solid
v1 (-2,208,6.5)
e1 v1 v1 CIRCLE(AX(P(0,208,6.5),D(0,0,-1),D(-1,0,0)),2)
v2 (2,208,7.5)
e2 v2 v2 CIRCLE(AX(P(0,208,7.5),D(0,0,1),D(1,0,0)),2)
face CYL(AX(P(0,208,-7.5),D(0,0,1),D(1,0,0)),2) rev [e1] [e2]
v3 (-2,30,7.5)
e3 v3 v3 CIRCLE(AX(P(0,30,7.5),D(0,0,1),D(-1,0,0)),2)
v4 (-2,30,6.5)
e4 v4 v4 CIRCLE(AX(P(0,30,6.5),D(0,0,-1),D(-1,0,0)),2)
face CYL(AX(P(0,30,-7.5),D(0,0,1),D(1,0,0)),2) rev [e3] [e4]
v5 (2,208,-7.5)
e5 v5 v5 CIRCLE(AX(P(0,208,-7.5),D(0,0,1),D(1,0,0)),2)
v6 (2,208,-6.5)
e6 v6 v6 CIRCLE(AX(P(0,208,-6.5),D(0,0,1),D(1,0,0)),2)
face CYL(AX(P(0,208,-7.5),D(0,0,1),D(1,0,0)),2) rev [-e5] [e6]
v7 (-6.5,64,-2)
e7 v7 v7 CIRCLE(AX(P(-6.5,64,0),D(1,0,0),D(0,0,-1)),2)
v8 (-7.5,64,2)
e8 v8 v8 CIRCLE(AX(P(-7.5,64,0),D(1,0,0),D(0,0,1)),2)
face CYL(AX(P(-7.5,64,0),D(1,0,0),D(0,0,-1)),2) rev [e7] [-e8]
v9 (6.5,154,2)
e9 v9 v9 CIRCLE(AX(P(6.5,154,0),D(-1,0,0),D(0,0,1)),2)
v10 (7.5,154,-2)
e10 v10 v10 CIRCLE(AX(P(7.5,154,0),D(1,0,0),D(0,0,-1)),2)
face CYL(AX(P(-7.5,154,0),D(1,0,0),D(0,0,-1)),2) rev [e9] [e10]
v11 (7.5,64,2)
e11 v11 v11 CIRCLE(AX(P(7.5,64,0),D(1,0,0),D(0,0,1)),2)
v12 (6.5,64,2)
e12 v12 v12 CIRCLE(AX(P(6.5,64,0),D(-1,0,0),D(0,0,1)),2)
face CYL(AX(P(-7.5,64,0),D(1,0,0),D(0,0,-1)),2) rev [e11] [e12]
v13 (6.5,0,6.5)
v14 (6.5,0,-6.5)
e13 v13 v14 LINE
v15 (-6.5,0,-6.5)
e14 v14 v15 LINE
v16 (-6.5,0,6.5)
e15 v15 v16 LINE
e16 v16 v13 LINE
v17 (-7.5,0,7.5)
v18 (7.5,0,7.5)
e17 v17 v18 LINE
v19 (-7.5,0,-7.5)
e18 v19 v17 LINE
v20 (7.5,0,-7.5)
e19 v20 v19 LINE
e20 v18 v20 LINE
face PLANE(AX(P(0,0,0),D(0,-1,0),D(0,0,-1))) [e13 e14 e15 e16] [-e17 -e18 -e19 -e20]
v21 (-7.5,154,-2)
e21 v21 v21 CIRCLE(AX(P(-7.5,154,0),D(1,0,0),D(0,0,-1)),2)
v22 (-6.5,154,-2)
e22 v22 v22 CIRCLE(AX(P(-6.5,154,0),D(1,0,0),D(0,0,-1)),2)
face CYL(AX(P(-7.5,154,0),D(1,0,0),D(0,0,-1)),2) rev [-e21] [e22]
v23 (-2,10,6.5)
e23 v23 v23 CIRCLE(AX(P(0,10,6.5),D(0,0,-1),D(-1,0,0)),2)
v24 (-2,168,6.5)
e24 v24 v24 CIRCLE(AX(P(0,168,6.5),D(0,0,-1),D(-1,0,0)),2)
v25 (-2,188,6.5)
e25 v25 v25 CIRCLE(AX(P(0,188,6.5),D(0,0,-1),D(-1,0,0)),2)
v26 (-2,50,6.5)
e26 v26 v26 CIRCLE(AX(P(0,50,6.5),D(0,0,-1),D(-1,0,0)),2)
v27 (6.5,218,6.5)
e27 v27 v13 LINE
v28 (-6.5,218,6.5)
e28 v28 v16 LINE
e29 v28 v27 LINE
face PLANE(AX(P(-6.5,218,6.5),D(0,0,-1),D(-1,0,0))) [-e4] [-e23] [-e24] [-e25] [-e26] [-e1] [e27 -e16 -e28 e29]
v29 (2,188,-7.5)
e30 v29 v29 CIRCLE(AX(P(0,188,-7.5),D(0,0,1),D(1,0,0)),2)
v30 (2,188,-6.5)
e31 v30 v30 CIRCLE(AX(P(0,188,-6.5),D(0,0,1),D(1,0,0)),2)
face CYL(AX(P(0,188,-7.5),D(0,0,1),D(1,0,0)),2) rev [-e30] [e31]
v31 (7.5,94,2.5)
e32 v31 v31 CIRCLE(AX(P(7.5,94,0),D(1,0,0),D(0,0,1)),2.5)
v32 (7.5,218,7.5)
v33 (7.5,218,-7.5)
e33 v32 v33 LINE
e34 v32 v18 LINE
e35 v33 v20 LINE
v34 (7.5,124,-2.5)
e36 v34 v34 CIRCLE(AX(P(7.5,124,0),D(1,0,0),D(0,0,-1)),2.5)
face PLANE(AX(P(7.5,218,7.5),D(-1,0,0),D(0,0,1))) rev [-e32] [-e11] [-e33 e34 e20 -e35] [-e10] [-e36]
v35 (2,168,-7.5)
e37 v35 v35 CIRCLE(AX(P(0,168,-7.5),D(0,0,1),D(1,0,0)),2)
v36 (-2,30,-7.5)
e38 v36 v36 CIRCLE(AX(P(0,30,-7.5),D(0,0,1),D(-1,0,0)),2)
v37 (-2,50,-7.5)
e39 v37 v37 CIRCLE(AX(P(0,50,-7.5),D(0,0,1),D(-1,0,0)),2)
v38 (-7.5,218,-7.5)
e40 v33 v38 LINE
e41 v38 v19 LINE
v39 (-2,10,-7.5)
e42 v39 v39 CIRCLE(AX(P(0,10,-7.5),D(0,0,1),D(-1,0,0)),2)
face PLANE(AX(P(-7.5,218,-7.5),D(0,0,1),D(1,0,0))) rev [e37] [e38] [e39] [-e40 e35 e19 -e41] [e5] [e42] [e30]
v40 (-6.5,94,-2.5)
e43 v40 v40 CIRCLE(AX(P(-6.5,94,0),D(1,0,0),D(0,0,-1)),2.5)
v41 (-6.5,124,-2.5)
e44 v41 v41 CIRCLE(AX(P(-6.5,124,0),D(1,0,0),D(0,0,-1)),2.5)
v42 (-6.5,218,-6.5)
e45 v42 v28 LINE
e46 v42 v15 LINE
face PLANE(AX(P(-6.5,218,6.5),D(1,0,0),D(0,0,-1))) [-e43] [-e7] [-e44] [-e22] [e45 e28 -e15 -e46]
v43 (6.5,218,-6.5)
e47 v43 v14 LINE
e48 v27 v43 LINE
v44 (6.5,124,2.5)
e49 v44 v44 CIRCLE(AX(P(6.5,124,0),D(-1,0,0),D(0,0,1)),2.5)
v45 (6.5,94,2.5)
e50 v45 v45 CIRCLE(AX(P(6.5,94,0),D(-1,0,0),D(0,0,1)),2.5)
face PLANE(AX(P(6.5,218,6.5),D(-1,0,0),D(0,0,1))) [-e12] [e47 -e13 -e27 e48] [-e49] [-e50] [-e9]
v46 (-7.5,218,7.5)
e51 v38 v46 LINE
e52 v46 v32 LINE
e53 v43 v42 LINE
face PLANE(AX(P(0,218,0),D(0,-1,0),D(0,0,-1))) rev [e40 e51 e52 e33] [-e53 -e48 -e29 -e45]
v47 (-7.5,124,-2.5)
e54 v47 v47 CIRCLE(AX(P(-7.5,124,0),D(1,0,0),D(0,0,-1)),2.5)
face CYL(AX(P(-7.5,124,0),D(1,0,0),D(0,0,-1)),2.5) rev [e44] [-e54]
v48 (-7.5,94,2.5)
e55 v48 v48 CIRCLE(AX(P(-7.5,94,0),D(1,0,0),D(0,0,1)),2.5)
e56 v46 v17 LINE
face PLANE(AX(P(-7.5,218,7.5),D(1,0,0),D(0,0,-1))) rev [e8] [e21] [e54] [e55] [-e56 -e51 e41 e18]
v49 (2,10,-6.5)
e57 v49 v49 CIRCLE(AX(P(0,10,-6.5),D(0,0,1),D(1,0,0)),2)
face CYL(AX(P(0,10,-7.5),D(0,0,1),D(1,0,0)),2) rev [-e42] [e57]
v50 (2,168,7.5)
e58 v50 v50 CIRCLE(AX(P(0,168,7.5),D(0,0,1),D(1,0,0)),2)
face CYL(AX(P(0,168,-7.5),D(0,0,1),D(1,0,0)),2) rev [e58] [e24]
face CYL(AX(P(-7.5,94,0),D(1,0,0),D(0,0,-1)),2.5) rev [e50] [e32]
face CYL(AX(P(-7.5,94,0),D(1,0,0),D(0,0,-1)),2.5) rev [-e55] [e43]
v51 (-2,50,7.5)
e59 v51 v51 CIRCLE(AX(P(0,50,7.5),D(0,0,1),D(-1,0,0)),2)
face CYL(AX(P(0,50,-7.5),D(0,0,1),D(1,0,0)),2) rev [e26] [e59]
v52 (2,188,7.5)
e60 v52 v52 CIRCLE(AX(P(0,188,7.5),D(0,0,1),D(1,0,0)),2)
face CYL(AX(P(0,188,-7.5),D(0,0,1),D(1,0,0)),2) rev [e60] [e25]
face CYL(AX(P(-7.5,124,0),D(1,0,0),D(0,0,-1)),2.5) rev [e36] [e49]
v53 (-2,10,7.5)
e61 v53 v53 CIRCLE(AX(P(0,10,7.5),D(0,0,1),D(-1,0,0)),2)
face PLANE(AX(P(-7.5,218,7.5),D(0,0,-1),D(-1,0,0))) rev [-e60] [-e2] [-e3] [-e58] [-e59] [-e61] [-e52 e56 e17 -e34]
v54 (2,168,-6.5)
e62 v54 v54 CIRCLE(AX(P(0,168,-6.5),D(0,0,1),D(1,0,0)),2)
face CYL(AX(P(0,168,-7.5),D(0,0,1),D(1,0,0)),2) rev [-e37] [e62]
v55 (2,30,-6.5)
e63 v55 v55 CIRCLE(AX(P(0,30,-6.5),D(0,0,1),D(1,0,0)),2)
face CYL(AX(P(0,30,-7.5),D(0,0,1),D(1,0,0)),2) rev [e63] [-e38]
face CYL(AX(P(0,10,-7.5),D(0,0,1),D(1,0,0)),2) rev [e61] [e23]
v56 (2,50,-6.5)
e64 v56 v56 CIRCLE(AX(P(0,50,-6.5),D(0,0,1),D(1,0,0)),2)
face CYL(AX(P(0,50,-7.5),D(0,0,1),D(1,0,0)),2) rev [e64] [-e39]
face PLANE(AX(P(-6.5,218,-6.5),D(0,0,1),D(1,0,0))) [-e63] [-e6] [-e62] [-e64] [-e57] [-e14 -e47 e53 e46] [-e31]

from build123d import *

# Parameters (mm, degrees)
SKETCH_1_W          = 15
SKETCH_1_H          = 15
SKETCH_1_W_2        = 13
SKETCH_1_H_2        = 13
EXTRUDE_1_DEPTH     = 218
SKETCH_3_R          = 2
CUT_EXTRUDE_2_DEPTH = 219.644117232
SKETCH_5_R          = 2.5
SKETCH_5_R_2        = 2
CUT_EXTRUDE_4_DEPTH = 219.644117232


with BuildPart() as part:
    # 草图1 → 凸台-拉伸1 (new body)
    with BuildSketch(Plane(origin=(0, 0, 0), x_dir=(1, 0, 0), z_dir=(0, 1, 0))):
        Rectangle(SKETCH_1_W, SKETCH_1_H)
        Rectangle(SKETCH_1_W_2, SKETCH_1_H_2, mode=Mode.SUBTRACT)
    extrude(amount=EXTRUDE_1_DEPTH)

    # 草图3 → 切除-拉伸2 (cut, through all)
    with BuildSketch(Plane.XY.offset(7.5)):
        with Locations((0, 208)):
            Circle(SKETCH_3_R)
        with Locations((0, 188)):
            Circle(SKETCH_3_R)
        with Locations(Location((0, 30, 0), (0, 0, 180))):
            Circle(SKETCH_3_R)
        with Locations(Location((0, 10, 0), (0, 0, 180))):
            Circle(SKETCH_3_R)
        with Locations((0, 168)):
            Circle(SKETCH_3_R)
        with Locations(Location((0, 50, 0), (0, 0, 180))):
            Circle(SKETCH_3_R)
    extrude(amount=-CUT_EXTRUDE_2_DEPTH, mode=Mode.SUBTRACT)

    # 草图5 → 切除-拉伸4 (cut, through all)
    with BuildSketch(Plane(origin=(7.5, 0, 0), x_dir=(0, 0, -1), z_dir=(1, 0, 0))):
        with Locations((0, 124)):
            Circle(SKETCH_5_R)
        with Locations((0, 94)):
            Circle(SKETCH_5_R)
        with Locations((0, 154)):
            Circle(SKETCH_5_R_2)
        with Locations((0, 64)):
            Circle(SKETCH_5_R_2)
    extrude(amount=-CUT_EXTRUDE_4_DEPTH, mode=Mode.SUBTRACT)


solid = part.part
